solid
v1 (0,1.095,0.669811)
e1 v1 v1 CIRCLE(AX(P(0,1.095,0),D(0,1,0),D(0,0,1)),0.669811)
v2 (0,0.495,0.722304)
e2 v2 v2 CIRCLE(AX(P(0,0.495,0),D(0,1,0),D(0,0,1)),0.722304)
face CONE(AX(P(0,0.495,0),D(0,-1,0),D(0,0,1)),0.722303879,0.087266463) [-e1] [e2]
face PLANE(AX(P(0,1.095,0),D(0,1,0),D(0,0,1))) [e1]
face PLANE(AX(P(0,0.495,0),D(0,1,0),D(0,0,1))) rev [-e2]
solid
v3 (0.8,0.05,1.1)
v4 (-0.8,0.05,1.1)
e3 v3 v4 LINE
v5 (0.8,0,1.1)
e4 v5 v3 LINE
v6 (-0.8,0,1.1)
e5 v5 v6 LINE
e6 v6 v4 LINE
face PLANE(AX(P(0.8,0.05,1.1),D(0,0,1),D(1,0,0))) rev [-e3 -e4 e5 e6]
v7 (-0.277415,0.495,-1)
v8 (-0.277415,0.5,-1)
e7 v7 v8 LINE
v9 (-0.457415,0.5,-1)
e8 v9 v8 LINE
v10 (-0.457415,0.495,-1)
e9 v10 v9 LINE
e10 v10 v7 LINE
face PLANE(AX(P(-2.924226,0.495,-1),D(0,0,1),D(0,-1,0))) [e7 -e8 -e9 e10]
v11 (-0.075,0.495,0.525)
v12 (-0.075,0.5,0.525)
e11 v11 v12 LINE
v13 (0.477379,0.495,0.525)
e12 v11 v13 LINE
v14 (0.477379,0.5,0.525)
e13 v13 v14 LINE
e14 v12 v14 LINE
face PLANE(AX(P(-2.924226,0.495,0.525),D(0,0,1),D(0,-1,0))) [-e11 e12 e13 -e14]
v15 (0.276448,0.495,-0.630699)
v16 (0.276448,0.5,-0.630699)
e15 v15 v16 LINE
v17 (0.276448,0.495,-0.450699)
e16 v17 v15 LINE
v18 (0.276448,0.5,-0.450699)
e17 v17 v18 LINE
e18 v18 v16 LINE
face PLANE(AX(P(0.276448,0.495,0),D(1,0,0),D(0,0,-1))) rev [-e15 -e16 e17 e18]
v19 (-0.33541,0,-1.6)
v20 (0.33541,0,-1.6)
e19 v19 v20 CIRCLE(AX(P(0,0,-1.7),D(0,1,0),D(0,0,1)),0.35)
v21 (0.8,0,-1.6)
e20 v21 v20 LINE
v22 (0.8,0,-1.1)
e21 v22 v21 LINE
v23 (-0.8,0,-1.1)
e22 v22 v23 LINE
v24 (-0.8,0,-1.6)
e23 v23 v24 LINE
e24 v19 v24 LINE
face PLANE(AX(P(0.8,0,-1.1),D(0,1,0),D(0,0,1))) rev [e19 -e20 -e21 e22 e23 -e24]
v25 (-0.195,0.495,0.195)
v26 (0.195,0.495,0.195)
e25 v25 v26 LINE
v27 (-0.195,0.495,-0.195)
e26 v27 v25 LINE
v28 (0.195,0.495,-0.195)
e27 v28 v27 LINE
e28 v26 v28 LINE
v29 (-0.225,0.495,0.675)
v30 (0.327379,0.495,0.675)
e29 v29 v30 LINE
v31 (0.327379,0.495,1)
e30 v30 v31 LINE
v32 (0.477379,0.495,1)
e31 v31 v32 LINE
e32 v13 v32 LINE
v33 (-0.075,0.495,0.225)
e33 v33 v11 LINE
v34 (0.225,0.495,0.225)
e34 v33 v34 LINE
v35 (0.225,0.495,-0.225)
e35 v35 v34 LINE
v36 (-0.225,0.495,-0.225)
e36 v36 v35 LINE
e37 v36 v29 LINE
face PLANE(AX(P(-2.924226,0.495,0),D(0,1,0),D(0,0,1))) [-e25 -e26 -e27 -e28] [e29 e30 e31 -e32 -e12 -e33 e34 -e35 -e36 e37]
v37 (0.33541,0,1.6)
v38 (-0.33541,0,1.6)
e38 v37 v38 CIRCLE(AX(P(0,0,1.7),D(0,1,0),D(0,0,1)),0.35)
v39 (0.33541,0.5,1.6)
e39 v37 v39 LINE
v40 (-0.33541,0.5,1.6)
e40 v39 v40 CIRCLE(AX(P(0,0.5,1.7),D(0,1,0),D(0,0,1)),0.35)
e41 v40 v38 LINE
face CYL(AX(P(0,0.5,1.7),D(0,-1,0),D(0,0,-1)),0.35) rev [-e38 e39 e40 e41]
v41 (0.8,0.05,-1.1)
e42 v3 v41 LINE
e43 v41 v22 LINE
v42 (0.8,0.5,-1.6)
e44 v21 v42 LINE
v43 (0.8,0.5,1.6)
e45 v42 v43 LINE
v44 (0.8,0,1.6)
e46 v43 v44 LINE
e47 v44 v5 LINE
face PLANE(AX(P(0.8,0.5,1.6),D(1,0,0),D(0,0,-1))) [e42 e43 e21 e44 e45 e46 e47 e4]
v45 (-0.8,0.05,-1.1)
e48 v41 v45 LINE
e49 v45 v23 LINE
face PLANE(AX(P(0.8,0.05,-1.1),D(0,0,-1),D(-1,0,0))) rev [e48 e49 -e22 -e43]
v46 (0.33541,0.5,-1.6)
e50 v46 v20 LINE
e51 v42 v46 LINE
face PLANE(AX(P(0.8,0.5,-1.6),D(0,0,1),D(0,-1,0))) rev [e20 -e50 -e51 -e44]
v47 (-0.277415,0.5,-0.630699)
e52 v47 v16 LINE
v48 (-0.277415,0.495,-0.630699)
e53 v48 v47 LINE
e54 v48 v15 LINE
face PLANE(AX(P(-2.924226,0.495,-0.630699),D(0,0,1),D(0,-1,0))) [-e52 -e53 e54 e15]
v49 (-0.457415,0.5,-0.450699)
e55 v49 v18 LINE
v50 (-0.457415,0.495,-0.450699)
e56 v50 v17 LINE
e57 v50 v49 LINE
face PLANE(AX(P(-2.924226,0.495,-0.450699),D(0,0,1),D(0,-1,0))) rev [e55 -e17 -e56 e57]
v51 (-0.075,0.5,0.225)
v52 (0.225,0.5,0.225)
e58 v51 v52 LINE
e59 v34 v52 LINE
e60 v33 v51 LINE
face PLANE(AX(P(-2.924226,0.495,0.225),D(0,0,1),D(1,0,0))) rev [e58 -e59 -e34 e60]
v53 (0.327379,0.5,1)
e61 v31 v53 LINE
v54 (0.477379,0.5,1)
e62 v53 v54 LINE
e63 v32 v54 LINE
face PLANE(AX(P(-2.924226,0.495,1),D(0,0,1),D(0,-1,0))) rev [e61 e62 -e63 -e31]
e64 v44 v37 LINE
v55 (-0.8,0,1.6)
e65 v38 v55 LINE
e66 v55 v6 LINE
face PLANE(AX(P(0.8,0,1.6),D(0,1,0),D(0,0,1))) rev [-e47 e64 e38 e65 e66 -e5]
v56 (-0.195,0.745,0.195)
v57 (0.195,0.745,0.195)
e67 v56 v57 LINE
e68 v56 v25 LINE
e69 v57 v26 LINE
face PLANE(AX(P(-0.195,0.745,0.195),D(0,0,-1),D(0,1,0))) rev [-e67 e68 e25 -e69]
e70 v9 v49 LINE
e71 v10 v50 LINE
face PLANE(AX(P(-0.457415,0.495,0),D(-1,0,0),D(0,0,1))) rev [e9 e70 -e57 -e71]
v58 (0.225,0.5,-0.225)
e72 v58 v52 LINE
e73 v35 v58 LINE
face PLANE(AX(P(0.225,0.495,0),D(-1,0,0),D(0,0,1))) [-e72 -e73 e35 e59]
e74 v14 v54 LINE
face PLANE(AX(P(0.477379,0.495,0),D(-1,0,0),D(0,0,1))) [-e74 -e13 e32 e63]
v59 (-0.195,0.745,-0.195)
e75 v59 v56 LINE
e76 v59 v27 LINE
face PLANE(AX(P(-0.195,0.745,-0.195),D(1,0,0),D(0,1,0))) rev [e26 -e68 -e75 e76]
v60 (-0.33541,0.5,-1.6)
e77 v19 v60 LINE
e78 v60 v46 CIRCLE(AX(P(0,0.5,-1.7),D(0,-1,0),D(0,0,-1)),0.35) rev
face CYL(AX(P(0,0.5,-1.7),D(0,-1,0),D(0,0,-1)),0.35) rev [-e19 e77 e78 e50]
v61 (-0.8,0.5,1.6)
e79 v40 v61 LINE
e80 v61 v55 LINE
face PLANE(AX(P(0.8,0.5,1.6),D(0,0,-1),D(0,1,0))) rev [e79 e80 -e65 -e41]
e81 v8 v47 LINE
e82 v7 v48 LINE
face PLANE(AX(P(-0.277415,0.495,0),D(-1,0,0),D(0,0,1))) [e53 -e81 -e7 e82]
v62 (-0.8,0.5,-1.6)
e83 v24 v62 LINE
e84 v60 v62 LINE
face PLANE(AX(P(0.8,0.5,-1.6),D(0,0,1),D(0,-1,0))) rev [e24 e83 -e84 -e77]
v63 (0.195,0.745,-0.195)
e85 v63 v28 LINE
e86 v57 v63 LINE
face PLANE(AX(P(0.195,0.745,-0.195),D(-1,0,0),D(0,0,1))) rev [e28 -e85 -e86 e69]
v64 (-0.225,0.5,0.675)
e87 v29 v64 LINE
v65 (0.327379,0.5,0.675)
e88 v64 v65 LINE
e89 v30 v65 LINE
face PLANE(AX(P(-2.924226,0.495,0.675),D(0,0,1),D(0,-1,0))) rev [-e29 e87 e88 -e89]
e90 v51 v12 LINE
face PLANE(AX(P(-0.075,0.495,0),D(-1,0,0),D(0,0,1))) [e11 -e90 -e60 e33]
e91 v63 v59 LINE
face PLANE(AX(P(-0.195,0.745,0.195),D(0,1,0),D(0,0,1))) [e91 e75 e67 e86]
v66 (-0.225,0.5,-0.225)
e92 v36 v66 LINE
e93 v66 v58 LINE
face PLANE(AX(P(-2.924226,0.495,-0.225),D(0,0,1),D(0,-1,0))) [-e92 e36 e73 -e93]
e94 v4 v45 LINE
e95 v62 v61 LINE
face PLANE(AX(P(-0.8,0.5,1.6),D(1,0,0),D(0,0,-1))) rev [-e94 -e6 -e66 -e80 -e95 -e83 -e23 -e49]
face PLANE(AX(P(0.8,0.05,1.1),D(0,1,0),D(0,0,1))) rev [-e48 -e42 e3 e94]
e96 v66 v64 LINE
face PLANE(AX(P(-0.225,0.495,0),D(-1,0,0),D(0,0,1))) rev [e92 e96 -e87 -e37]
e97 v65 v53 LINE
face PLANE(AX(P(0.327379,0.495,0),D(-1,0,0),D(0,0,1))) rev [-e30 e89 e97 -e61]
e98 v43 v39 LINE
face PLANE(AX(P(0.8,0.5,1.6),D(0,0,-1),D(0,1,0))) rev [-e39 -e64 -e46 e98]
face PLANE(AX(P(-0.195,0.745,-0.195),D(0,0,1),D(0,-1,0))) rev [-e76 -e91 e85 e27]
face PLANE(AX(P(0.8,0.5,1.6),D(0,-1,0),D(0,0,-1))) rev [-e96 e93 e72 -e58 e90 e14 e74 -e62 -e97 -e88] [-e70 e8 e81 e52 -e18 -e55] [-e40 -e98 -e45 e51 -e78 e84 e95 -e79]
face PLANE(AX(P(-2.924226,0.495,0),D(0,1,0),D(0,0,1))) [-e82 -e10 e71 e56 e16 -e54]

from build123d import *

# Parameters (mm, degrees)
EXTRUDE1_DEPTH      = 0.8
EXTRUDE1_DEPTH_BACK = 0.8
SKETCH2_R           = 0.35
CUT_EXTRUDE1_DEPTH  = 1.5
CUT_EXTRUDE2_DEPTH  = 0.005
SKETCH4_W           = 0.39
SKETCH4_H           = 0.39
EXTRUDE2_DEPTH      = 0.25
SKETCH5_R           = 0.722303879
EXTRUDE3_DEPTH      = 0.6
EXTRUDE3_TAPER      = 5


with BuildPart() as part:
    # Sketch1 → Extrude1 (new body, two sides)
    with BuildSketch(Plane(origin=(0, 0, 0), x_dir=(0, 0, -1), z_dir=(1, 0, 0))) as extrude1_sk:
        Polygon((1.1, 0), (1.6, 0), (1.6, 0.5), (-1.6, 0.5), (-1.6, 0), (-1.1, 0), (-1.1, 0.05), (1.1, 0.05), align=None)
    extrude(amount=EXTRUDE1_DEPTH)
    extrude(extrude1_sk.sketch, amount=-EXTRUDE1_DEPTH_BACK)

    # Sketch2 → Cut-Extrude1 (cut, through all)
    with BuildSketch(Plane(origin=(0, 0, 0), x_dir=(1, 0, 0), z_dir=(0, 1, 0))):
        with Locations((0, 1.7)):
            Circle(SKETCH2_R)
        with Locations((0, -1.7)):
            Circle(SKETCH2_R)
    extrude(amount=CUT_EXTRUDE1_DEPTH, mode=Mode.SUBTRACT)

    # Sketch3 → Cut-Extrude2 (cut)
    with BuildSketch(Plane(origin=(0, 0.5, 0), x_dir=(-1, 0, 0), z_dir=(0, 1, 0))):
        Polygon((-0.225, -0.225), (0.225, -0.225), (0.225, 0.46368555), (0.225, 0.675), (-0.327379025, 0.675), (-0.327379025, 1), (-0.477379025, 1), (-0.477379025, 0.525), (-0.279401067, 0.525), (0.075, 0.525), (0.075, 0.225), (-0.225, 0.225), align=None)
        Polygon((0.45741461, -0.450698672), (-0.276447509, -0.450698672), (-0.276447509, -0.630698672), (0.27741461, -0.630698672), (0.27741461, -1), (0.45741461, -1), align=None)
    extrude(amount=-CUT_EXTRUDE2_DEPTH, mode=Mode.SUBTRACT)

    # Sketch4 → Extrude2 (add)
    with BuildSketch(Plane(origin=(0, 0.495, 0), x_dir=(-1, 0, 0), z_dir=(0, 1, 0))):
        Rectangle(SKETCH4_W, SKETCH4_H)
    extrude(amount=EXTRUDE2_DEPTH)


with BuildPart() as body_2:
    # Sketch5 → Extrude3 (new body)
    with BuildSketch(Plane(origin=(0, 0.495, 0), x_dir=(-1, 0, 0), z_dir=(0, 1, 0))):
        Circle(SKETCH5_R)
    extrude(amount=EXTRUDE3_DEPTH, taper=EXTRUDE3_TAPER)


solid = Compound([part.part, body_2.part])
